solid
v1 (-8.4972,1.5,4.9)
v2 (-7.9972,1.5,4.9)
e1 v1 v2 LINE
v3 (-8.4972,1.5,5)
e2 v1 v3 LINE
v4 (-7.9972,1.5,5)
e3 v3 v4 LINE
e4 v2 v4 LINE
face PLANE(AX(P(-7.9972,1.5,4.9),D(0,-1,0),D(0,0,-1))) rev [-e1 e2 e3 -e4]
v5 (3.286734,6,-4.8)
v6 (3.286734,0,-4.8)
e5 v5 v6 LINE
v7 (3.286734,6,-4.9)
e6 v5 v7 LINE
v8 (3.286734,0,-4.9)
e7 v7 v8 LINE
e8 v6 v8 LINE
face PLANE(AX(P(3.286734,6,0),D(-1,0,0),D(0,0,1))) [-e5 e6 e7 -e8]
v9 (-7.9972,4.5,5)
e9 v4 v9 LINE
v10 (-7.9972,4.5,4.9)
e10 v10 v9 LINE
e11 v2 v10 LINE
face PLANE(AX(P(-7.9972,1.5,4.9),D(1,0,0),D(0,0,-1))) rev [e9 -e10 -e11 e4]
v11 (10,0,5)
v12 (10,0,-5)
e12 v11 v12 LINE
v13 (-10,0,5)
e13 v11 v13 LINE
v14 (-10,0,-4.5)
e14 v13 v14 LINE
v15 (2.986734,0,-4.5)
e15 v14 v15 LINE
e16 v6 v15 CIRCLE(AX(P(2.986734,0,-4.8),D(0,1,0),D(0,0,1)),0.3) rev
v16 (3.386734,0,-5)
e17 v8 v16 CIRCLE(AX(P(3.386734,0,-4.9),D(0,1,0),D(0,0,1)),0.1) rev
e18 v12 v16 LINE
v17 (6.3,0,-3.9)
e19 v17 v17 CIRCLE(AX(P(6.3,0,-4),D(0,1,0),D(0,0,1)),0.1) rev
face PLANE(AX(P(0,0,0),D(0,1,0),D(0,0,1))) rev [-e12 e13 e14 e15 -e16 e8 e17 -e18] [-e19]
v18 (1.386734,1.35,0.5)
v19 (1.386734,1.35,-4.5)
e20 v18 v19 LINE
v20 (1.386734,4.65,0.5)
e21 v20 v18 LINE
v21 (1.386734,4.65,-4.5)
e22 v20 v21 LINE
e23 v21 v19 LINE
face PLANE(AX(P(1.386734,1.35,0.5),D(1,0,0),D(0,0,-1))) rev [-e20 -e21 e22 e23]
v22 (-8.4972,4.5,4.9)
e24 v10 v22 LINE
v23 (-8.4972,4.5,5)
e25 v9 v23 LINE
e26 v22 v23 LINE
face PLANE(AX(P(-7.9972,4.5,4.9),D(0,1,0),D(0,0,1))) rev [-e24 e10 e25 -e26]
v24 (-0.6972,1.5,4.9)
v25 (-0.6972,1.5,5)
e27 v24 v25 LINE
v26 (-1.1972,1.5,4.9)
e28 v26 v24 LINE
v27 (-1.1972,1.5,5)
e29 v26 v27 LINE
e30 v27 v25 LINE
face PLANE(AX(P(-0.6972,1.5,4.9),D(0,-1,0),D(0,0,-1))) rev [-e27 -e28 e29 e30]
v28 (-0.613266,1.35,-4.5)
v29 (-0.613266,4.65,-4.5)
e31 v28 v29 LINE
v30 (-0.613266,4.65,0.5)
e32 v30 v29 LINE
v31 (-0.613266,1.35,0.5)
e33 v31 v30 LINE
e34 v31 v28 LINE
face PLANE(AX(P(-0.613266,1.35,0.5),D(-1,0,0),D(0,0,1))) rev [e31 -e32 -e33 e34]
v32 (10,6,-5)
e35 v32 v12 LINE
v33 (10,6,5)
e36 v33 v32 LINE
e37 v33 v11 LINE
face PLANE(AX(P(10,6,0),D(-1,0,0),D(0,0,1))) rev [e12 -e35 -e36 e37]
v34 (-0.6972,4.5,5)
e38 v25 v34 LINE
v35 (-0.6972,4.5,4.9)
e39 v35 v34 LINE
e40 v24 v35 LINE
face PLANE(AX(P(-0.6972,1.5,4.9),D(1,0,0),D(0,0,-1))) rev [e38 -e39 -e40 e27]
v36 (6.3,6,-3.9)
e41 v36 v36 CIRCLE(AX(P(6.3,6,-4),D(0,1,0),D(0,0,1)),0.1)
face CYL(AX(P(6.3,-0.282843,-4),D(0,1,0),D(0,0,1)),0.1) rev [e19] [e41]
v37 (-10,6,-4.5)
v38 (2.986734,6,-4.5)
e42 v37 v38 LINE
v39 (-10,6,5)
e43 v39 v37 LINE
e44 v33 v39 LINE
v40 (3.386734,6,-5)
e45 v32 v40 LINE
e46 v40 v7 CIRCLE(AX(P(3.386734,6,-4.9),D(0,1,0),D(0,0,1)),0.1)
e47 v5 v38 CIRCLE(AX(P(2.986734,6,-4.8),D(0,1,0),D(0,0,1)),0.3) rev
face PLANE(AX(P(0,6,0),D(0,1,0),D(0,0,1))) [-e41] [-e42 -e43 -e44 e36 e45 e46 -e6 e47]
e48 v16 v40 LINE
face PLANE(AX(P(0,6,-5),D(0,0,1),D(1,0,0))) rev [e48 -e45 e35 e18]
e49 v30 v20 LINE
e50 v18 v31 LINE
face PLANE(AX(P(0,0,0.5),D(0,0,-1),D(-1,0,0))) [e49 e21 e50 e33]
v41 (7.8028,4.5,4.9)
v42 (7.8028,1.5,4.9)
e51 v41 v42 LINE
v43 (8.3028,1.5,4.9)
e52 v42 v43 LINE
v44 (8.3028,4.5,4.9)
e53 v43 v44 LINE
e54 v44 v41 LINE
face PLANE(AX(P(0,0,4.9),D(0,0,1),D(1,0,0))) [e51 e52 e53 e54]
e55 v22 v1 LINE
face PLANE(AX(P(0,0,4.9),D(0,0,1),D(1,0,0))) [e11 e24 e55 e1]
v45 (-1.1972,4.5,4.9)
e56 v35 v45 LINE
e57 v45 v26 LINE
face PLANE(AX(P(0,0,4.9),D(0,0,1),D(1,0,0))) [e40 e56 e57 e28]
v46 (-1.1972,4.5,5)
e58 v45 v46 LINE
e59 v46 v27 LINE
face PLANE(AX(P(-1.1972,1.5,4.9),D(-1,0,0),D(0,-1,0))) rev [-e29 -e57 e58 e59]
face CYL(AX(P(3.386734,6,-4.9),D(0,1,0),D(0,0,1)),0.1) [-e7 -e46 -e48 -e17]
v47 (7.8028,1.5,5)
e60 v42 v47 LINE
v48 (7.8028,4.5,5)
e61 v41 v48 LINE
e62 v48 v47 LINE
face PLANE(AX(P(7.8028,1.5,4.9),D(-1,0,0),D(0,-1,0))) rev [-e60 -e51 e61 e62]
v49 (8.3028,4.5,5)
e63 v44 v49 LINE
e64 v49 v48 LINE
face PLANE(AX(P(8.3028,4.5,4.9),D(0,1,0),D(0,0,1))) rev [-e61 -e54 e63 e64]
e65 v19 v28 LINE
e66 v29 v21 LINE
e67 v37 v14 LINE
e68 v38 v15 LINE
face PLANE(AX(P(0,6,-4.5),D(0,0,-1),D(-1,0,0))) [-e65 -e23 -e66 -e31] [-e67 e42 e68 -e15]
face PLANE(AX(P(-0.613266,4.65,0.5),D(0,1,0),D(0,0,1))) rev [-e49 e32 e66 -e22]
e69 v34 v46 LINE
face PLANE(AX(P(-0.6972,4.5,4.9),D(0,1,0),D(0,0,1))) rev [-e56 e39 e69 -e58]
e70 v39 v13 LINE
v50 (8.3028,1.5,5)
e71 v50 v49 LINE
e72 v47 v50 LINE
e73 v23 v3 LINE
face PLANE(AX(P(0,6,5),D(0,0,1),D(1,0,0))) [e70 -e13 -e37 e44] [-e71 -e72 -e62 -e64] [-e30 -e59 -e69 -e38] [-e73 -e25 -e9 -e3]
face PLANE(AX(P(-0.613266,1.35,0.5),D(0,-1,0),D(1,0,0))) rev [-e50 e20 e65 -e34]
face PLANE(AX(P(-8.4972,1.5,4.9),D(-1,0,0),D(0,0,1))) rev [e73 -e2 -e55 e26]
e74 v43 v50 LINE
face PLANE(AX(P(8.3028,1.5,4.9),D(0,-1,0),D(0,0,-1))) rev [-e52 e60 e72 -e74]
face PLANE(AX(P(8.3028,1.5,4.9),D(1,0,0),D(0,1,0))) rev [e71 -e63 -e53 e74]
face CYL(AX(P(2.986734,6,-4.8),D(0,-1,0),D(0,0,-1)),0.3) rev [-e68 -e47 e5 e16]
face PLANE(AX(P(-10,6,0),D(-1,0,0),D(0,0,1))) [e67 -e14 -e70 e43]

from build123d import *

# Parameters (mm, degrees)
SALIENTE_EXTRUIR2_DEPTH = 6
REDONDEO1_R             = 0.1
CROQUIS3_W              = 2
CROQUIS3_H              = 3.3
CORTAR_EXTRUIR2_DEPTH   = 5
CROQUIS4_R              = 0.1
CORTAR_EXTRUIR3_DEPTH   = 6
CROQUIS5_W              = 0.5
CROQUIS5_H              = 3
CORTAR_EXTRUIR4_DEPTH   = 0.1


with BuildPart() as part:
    # Croquis1 → Saliente-Extruir2 (new body)
    with BuildSketch(Plane(origin=(0, 0, 0), x_dir=(1, 0, 0), z_dir=(0, 1, 0))):
        with BuildLine():
            Line((2.986733927, 4.5), (-10, 4.5))
            Line((-10, 4.5), (-10, -5))
            Line((-10, -5), (10, -5))
            Line((10, -5), (10, 5))
            Line((10, 5), (3.286733927, 5))
            Line((3.286733927, 5), (3.286733927, 4.8))
            ThreePointArc((3.286733927, 4.8), (3.198865961, 4.587867966), (2.986733927, 4.5))
        make_face()
    extrude(amount=SALIENTE_EXTRUIR2_DEPTH)

    # Redondeo1
    redondeo1_edges = [part.edges().sort_by_distance(p)[0] for p in [
        (3.286733927, 3, -5),
    ]]
    fillet(redondeo1_edges, radius=REDONDEO1_R)

    # Croquis3 → Cortar-Extruir2 (cut)
    with BuildSketch(Plane(origin=(0, 0, -4.5), x_dir=(-1, 0, 0), z_dir=(0, 0, -1))):
        with Locations((-0.386733927, 3)):
            Rectangle(CROQUIS3_W, CROQUIS3_H)
    extrude(amount=-CORTAR_EXTRUIR2_DEPTH, mode=Mode.SUBTRACT)

    # Croquis4 → Cortar-Extruir3 (cut)
    with BuildSketch(Plane(origin=(0, 6, 0), x_dir=(1, 0, 0), z_dir=(0, 1, 0))):
        with Locations(Location((6.3, 4, 0), (0, 0, 270))):
            Circle(CROQUIS4_R)
    extrude(amount=-CORTAR_EXTRUIR3_DEPTH, mode=Mode.SUBTRACT)

    # Croquis5 → Cortar-Extruir4 (cut)
    with BuildSketch(Plane.XY.offset(5)):
        with Locations((-8.247200411, 3)):
            Rectangle(CROQUIS5_W, CROQUIS5_H)
        with Locations((-0.947200411, 3)):
            Rectangle(CROQUIS5_W, CROQUIS5_H)
        with Locations((8.052799589, 3)):
            Rectangle(CROQUIS5_W, CROQUIS5_H)
    extrude(amount=-CORTAR_EXTRUIR4_DEPTH, mode=Mode.SUBTRACT)


solid = part.part
